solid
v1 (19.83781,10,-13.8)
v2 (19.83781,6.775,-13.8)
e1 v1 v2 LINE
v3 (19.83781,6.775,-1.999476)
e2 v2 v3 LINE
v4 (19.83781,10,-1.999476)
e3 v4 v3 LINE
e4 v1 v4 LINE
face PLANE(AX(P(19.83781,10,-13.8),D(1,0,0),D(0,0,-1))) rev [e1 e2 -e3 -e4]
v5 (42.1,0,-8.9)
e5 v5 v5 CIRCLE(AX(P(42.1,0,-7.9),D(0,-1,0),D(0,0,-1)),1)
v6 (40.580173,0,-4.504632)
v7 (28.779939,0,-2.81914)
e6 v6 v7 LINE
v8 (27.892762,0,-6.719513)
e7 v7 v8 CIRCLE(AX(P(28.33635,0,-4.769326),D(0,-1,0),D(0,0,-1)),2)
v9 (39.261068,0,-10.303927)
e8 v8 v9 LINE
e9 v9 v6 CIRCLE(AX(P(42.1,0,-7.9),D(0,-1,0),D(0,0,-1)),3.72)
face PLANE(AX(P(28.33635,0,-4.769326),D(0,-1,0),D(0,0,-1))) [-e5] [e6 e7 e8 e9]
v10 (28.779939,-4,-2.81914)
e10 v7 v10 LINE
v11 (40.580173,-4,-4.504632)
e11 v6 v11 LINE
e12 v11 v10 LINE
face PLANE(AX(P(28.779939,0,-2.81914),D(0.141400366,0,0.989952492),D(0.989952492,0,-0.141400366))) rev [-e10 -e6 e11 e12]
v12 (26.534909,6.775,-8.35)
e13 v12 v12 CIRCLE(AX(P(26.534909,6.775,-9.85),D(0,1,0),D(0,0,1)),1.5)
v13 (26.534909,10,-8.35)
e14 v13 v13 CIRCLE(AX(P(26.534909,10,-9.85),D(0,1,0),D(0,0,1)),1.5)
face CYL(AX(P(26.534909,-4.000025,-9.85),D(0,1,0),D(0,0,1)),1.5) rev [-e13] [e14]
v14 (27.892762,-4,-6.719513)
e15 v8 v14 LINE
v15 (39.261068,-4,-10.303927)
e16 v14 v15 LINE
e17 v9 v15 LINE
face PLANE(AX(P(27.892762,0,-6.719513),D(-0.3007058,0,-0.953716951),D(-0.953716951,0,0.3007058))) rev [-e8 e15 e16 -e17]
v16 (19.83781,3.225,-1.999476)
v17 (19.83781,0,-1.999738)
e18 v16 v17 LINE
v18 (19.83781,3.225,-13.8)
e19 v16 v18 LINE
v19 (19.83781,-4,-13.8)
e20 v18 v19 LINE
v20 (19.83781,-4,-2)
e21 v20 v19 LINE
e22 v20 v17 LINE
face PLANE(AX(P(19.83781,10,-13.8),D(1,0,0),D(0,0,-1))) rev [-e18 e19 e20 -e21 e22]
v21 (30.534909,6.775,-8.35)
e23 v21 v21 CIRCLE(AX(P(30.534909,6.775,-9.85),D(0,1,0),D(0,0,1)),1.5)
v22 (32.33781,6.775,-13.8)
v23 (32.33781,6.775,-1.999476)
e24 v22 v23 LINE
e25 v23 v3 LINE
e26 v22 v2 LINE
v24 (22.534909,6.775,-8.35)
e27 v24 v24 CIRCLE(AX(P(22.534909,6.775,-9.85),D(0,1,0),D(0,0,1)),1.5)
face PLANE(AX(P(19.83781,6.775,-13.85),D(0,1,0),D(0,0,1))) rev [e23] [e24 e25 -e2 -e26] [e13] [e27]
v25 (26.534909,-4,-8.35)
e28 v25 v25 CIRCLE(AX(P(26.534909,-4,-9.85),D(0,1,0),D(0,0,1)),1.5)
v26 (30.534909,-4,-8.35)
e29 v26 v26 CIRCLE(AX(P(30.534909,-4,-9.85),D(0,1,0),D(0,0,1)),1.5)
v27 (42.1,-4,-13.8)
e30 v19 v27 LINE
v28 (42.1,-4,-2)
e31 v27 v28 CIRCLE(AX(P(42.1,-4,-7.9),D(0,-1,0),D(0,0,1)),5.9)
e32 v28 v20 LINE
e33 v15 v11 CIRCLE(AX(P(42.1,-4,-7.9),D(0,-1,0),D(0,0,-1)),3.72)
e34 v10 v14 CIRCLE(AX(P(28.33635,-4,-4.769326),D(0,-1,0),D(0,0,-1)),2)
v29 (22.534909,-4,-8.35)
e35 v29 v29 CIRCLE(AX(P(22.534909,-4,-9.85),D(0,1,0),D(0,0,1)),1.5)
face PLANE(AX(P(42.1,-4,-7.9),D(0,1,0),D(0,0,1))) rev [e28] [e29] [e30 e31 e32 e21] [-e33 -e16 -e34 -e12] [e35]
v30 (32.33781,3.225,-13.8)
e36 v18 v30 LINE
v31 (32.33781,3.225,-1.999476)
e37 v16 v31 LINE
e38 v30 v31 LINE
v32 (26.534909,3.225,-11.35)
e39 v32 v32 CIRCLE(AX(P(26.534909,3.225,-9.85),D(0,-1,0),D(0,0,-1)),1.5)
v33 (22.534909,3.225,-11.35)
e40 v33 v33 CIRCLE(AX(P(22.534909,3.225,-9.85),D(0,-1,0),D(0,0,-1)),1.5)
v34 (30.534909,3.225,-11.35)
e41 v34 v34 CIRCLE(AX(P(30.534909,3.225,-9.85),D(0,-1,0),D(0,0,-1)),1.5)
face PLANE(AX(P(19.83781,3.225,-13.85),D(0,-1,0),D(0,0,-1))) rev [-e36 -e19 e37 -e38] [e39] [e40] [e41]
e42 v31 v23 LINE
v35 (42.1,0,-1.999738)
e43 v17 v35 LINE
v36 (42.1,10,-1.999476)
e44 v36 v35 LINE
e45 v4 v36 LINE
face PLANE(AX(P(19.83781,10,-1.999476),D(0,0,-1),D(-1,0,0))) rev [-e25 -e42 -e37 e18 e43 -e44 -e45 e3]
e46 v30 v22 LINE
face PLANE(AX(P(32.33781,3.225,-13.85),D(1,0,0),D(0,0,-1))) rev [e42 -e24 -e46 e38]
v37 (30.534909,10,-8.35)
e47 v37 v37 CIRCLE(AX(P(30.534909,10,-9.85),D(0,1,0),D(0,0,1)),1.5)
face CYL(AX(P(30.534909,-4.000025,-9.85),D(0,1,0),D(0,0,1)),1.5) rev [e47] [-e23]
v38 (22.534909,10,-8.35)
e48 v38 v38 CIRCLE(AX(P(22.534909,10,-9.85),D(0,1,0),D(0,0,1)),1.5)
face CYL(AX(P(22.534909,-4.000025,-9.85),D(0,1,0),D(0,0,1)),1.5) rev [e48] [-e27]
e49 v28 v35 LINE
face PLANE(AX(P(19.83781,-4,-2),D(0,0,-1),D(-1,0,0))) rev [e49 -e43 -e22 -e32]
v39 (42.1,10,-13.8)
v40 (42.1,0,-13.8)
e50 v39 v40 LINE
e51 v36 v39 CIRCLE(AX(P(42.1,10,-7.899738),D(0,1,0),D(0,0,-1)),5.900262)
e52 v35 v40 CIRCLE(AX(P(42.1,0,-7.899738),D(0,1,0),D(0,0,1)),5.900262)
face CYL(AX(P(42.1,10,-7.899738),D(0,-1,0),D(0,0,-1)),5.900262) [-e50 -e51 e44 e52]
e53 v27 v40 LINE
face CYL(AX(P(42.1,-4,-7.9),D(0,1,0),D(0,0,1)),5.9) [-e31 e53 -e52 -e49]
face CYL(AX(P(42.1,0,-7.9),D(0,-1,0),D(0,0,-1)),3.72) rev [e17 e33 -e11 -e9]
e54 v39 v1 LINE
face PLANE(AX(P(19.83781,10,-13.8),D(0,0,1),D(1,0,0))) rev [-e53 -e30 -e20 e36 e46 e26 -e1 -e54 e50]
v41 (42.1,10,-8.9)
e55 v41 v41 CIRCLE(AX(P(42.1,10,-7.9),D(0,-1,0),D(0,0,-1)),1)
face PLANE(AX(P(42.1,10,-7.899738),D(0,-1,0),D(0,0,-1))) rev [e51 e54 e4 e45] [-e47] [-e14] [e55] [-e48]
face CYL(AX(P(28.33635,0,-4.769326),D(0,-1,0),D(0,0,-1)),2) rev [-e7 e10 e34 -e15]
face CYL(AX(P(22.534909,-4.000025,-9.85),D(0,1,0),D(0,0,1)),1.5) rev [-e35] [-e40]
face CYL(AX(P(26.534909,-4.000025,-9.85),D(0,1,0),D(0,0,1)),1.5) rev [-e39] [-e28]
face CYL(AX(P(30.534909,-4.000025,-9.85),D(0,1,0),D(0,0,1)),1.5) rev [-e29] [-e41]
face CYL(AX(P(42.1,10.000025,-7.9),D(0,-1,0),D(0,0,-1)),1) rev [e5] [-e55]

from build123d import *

# Parameters (mm, degrees)
BOSS_EXTRUDE2_DEPTH = 10
BOSS_EXTRUDE3_DEPTH = 4
CUT_EXTRUDE1_DEPTH  = 4
SKETCH7_R           = 1
CUT_EXTRUDE2_DEPTH  = 11
SKETCH9_W           = 12.5
SKETCH9_H           = 3.55
CUT_EXTRUDE7_DEPTH  = 12.800523878
SKETCH11_R          = 1.5
CUT_EXTRUDE8_DEPTH  = 15


with BuildPart() as part:
    # Sketch1 → Boss-Extrude2 (new body)
    with BuildSketch(Plane(origin=(0, 0, 0), x_dir=(1, 0, 0), z_dir=(0, 1, 0))):
        with BuildLine():
            Line((19.837809991, 13.8), (19.837809991, 1.999476122))
            Line((19.837809991, 1.999476122), (42.1, 1.999476122))
            ThreePointArc((42.1, 1.999476122), (48.000261939, 7.899738061), (42.1, 13.8))
            Line((42.1, 13.8), (19.837809991, 13.8))
        make_face()
    extrude(amount=BOSS_EXTRUDE2_DEPTH)

    # Sketch4 → Boss-Extrude3 (add)
    with BuildSketch(Plane(origin=(0, 0, 0), x_dir=(-1, 0, 0), z_dir=(0, -1, 0))):
        with BuildLine():
            Line((-19.837809991, 2), (-19.837809991, 13.8))
            Line((-19.837809991, 13.8), (-42.1, 13.8))
            ThreePointArc((-42.1, 13.8), (-48, 7.9), (-42.1, 2))
            Line((-42.1, 2), (-19.837809991, 2))
        make_face()
    extrude(amount=BOSS_EXTRUDE3_DEPTH)

    # Sketch6 → Cut-Extrude1 (cut)
    with BuildSketch(Plane.XZ.offset(4)):
        with BuildLine():
            Line((28.779938833, -2.819139544), (40.580172538, -4.504631907))
            ThreePointArc((40.580172538, -4.504631907), (45.727347719, -8.725074859), (39.261067618, -10.303926565))
            Line((39.261067618, -10.303926565), (27.892761565, -6.719513435))
            ThreePointArc((27.892761565, -6.719513435), (26.386163253, -4.325737856), (28.779938833, -2.819139544))
        make_face()
    extrude(amount=-CUT_EXTRUDE1_DEPTH, mode=Mode.SUBTRACT)

    # Sketch7 → Cut-Extrude2 (cut, through all)
    with BuildSketch(Plane.XZ):
        with Locations((42.1, -7.9)):
            Circle(SKETCH7_R)
    extrude(amount=-CUT_EXTRUDE2_DEPTH, mode=Mode.SUBTRACT)

    # Sketch9 → Cut-Extrude7 (cut, through all)
    with BuildSketch(Plane.XY.offset(-1.999476122)):
        with Locations((26.087809991, 5)):
            Rectangle(SKETCH9_W, SKETCH9_H)
    extrude(amount=-CUT_EXTRUDE7_DEPTH, mode=Mode.SUBTRACT)

    # Sketch11 → Cut-Extrude8 (cut, through all)
    with BuildSketch(Plane(origin=(0, 10, 0), x_dir=(1, 0, 0), z_dir=(0, 1, 0))):
        with Locations((30.53490887, 9.85)):
            Circle(SKETCH11_R)
        with Locations((26.53490887, 9.85)):
            Circle(SKETCH11_R)
        with Locations((22.53490887, 9.85)):
            Circle(SKETCH11_R)
    extrude(amount=-CUT_EXTRUDE8_DEPTH, mode=Mode.SUBTRACT)


solid = part.part
